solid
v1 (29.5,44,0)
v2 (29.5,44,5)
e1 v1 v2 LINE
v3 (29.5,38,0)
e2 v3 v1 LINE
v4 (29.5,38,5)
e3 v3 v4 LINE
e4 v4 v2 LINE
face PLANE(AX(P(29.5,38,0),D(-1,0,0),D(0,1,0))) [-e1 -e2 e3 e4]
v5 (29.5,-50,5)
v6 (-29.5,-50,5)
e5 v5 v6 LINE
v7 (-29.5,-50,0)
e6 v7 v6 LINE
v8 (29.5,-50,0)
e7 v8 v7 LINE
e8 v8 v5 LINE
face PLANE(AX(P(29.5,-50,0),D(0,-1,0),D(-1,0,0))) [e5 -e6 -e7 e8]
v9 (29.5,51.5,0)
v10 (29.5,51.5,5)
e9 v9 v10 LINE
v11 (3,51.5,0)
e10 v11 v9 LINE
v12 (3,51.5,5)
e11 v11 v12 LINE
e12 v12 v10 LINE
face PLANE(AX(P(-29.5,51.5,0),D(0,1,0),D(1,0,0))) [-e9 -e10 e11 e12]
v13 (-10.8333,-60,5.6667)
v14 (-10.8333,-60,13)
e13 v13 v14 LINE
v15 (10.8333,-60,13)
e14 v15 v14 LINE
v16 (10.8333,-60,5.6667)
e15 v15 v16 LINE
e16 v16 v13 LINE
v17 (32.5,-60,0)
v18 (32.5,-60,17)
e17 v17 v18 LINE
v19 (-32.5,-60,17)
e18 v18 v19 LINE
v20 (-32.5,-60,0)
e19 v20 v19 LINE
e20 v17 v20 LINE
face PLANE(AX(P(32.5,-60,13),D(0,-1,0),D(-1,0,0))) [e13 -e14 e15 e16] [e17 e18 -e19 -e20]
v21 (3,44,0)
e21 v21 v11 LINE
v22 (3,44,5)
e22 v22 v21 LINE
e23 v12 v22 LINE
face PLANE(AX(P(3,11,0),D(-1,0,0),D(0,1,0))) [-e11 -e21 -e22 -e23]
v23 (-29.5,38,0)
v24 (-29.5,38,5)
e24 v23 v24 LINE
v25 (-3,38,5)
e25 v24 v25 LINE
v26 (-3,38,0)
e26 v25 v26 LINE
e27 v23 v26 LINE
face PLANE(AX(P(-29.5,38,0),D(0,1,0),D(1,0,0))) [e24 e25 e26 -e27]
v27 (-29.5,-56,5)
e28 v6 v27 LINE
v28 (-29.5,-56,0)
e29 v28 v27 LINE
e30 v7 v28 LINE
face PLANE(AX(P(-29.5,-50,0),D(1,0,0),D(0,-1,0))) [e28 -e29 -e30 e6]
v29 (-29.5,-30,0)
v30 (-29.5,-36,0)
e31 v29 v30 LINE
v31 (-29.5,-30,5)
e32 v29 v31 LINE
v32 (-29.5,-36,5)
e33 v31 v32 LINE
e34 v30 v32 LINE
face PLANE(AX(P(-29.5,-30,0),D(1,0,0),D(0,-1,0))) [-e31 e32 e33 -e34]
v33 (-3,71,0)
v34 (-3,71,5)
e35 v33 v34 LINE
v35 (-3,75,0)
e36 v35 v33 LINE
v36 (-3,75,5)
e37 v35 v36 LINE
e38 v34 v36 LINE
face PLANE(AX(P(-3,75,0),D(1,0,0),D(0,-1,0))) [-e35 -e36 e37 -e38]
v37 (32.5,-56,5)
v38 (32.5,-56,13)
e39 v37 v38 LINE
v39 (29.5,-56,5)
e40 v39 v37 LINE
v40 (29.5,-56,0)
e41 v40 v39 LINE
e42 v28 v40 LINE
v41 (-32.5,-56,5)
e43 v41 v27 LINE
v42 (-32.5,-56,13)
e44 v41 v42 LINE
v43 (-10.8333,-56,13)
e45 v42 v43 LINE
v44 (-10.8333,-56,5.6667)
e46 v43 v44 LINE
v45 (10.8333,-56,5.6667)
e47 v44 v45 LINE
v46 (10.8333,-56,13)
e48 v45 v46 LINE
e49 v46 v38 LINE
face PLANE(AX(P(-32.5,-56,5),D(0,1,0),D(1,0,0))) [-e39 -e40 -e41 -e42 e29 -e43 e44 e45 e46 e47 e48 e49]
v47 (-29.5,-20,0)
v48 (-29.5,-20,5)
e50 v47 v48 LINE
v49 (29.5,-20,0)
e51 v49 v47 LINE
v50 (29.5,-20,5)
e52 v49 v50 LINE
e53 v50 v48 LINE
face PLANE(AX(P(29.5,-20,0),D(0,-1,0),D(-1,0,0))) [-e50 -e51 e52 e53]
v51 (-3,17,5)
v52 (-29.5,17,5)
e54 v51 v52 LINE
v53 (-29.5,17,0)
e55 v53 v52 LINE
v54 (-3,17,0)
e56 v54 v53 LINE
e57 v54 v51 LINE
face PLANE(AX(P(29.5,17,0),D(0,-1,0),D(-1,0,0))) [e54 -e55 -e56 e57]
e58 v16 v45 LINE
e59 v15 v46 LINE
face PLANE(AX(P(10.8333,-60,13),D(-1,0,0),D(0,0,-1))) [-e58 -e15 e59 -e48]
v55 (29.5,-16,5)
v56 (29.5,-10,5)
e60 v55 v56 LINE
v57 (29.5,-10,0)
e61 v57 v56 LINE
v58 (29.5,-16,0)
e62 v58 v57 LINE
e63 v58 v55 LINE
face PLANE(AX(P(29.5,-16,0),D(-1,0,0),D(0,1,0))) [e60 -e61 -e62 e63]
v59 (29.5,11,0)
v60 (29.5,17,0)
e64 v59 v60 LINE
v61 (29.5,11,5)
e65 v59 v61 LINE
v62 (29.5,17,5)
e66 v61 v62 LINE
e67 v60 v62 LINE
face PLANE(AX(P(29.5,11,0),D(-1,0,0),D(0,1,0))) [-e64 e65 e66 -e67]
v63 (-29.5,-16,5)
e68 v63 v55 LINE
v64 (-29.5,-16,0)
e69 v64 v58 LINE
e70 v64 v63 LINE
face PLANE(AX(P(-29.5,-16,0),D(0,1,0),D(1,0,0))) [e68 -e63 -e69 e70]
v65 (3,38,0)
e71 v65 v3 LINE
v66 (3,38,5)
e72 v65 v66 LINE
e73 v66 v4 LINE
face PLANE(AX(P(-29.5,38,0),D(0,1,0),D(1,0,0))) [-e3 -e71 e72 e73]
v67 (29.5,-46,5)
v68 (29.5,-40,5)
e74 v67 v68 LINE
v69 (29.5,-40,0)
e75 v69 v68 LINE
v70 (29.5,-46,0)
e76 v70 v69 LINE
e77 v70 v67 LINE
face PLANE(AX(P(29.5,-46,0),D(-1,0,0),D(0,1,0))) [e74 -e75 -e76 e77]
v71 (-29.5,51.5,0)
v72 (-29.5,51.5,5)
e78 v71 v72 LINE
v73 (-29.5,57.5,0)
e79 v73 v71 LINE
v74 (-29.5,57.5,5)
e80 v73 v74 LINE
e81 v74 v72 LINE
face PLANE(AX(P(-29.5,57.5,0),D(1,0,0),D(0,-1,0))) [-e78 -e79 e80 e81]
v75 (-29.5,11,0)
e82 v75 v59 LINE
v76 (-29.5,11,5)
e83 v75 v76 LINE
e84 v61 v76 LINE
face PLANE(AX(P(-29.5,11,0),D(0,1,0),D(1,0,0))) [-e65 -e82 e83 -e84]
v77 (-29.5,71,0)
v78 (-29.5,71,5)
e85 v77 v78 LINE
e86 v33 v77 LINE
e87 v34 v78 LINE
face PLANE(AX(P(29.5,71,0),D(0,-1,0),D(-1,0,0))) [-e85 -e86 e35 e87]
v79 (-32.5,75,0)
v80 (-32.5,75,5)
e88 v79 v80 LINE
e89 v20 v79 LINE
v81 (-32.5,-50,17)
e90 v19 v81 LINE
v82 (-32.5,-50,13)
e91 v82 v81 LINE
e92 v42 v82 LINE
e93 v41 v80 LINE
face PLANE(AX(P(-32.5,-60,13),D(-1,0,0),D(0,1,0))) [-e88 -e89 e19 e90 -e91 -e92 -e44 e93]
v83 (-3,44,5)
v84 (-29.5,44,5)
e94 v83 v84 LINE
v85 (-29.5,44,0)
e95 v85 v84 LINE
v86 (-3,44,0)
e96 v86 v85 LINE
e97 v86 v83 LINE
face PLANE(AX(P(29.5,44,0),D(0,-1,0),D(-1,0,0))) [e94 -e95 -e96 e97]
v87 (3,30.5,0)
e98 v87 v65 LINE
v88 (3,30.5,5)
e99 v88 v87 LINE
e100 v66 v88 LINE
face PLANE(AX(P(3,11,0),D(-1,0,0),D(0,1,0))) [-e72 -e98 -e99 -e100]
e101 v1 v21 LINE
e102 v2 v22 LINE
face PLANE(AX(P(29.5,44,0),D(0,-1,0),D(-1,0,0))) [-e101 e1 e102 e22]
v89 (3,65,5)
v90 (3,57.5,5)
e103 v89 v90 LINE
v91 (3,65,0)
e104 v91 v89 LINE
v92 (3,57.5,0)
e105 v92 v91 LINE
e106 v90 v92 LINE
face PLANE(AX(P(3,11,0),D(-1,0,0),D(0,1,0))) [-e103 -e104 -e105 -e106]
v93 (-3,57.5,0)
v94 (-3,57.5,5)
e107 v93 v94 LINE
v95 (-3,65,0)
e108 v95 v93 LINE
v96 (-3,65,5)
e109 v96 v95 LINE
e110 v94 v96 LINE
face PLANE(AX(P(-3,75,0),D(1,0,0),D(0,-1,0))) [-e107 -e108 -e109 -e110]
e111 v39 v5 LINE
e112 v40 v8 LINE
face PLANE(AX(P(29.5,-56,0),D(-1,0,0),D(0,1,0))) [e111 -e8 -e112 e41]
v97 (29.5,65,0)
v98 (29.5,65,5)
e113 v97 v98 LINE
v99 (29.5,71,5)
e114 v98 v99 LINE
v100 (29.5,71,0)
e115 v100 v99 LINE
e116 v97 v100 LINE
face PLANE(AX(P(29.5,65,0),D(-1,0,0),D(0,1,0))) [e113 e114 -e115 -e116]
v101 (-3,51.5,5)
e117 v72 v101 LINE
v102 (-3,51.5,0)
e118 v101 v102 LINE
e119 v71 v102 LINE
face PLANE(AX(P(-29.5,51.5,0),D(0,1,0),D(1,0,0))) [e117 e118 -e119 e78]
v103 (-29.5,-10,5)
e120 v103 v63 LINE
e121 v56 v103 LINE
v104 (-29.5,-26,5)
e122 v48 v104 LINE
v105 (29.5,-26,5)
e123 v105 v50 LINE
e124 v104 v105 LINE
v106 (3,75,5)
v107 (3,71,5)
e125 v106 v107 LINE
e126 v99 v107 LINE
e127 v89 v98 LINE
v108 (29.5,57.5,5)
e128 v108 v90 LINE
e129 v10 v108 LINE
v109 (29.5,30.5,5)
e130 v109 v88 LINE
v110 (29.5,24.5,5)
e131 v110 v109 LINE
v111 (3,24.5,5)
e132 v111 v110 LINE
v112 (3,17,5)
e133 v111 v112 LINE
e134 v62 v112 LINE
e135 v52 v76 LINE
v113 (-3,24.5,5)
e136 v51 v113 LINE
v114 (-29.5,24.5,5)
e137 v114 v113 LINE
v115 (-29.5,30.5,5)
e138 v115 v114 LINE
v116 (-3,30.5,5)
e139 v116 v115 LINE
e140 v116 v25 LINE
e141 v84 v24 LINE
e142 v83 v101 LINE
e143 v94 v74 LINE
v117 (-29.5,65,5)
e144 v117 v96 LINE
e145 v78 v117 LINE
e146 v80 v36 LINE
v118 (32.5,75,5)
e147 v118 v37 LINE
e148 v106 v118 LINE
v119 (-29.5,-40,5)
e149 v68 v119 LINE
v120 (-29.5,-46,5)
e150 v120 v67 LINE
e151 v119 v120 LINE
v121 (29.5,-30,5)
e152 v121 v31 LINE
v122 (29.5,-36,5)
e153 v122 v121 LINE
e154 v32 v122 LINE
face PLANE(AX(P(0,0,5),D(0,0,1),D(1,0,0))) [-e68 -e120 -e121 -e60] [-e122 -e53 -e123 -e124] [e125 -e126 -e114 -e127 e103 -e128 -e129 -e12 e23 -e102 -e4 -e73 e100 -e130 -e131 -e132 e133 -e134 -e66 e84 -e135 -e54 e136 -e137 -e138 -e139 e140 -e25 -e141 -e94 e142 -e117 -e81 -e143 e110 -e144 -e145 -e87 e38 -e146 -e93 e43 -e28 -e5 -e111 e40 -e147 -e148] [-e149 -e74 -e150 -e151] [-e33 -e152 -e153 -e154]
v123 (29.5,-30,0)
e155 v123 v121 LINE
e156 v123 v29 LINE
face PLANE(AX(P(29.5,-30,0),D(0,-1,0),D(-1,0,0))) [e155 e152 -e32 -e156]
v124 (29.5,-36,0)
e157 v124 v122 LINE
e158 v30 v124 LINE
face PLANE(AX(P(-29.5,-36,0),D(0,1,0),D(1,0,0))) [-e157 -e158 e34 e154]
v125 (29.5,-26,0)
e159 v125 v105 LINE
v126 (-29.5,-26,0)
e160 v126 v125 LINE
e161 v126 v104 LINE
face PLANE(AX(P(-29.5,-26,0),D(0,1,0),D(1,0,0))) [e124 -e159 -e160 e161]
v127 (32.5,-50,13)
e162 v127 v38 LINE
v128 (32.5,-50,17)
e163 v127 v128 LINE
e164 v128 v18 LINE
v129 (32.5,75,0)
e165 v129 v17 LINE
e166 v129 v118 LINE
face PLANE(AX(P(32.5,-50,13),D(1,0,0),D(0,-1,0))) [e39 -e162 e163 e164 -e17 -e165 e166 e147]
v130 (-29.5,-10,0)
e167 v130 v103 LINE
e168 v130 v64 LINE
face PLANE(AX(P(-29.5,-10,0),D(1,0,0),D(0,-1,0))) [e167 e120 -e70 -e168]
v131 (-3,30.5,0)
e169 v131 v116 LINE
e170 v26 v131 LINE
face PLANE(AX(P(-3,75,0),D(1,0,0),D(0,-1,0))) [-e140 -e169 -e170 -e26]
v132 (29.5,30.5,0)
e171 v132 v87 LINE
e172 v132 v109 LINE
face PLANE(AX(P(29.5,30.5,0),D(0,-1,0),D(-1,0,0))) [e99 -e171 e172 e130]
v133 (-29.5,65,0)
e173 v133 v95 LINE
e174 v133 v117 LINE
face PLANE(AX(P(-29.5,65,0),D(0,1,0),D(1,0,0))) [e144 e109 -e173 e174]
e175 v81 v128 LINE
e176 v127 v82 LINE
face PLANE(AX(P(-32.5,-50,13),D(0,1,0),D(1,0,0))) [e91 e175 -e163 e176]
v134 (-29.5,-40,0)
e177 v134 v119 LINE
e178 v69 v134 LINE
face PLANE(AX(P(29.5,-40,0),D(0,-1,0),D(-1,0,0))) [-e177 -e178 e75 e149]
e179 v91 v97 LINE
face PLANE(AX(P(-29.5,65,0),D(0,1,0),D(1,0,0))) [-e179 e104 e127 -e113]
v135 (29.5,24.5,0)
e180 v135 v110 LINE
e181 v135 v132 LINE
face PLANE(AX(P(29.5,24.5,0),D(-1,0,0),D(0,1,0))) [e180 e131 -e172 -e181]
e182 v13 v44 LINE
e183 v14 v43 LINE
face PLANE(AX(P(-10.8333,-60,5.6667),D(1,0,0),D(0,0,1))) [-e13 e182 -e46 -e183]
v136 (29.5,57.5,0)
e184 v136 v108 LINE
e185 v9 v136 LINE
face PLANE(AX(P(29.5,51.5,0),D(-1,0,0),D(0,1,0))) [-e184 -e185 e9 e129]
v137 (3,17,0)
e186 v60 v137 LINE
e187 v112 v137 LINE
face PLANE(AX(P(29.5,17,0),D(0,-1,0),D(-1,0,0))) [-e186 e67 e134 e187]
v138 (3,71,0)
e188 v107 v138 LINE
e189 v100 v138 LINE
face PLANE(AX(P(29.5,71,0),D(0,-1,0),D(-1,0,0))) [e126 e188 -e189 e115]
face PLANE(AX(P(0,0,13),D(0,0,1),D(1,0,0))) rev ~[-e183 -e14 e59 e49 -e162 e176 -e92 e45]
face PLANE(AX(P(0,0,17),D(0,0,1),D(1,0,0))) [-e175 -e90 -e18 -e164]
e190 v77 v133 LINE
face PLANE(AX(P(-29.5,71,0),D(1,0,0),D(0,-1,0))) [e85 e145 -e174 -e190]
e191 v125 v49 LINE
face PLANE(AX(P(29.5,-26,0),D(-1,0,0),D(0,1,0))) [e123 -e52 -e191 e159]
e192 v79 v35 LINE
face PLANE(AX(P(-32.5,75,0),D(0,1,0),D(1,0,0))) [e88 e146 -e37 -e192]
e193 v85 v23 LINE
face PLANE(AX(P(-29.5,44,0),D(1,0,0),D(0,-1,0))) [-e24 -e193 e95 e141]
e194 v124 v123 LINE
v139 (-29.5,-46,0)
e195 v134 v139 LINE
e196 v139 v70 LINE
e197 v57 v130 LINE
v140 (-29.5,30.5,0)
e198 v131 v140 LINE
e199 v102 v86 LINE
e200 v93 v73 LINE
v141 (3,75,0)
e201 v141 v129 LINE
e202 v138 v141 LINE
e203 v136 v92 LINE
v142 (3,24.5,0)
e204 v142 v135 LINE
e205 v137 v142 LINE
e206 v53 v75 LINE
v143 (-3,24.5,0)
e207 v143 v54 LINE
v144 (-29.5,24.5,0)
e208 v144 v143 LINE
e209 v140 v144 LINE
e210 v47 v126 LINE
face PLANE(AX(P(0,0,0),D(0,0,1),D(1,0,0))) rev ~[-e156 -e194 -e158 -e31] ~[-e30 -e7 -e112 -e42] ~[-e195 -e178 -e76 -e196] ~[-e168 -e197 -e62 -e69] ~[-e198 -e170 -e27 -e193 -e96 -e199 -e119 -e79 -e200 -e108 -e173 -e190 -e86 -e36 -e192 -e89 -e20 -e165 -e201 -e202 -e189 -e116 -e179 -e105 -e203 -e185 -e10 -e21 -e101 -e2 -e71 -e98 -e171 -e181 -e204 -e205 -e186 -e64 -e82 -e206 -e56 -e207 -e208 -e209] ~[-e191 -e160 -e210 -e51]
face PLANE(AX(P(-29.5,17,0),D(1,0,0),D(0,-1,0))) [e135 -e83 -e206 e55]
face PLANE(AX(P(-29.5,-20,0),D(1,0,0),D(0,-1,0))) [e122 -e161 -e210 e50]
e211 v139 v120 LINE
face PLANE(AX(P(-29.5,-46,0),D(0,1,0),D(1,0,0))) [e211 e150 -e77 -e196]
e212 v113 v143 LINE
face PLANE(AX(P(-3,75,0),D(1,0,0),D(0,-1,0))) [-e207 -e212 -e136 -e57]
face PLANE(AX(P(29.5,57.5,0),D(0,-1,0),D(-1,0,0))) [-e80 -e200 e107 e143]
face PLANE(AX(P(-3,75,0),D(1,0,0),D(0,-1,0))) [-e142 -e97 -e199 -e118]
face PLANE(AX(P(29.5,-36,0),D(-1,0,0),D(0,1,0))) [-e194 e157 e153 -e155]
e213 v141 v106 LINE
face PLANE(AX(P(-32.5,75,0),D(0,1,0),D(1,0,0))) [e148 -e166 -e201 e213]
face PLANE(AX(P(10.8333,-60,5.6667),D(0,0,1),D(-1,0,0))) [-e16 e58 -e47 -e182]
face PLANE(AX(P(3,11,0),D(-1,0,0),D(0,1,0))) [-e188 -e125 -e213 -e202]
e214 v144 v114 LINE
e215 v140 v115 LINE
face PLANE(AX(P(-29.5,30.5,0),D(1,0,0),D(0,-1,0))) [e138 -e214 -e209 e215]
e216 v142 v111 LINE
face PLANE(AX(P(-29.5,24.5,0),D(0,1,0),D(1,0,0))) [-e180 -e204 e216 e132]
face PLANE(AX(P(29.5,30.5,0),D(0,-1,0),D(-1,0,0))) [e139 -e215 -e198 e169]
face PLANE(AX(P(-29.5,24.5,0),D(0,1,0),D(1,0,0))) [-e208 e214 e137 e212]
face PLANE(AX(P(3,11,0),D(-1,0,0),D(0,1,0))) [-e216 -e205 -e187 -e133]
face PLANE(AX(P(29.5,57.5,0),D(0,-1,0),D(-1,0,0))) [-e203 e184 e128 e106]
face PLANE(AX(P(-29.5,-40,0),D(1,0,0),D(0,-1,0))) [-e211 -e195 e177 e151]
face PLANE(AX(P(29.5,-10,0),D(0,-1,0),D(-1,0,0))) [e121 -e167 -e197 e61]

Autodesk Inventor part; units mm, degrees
ref_plane "YZ Plane" through (0, 0, 0) normal (1, 0, 0) x (0, 1, 0)
ref_plane "XZ Plane" through (0, 0, 0) normal (0, 1, 0) x (-1, 0, 0)
ref_plane "XY Plane" through (0, 0, 0) normal (0, 0, 1) x (1, 0, 0)
sketch "Sketch1" plane through (0, 0, 0) normal (0, 0, 1) x (1, 0, 0)
  line L0 (-32.5, 75) -> (32.5, 75)
  line L1 (32.5, 75) -> (32.5, -60)
  line L2 (32.5, -60) -> (-32.5, -60)
  line L3 (-32.5, -60) -> (-32.5, 75)
  point P0 (0, 0)
  dimension "d0" = 65
  dimension "d1" = 135
  dimension "d2" = 32.5
  dimension "d3" = 60
extrude "Extrusion1" add sketch "Sketch1" along normal blind 5
sketch "Sketch2" plane through (0, 0, 5) normal (0, 0, 1) x (1, 0, 0)
  line L0 (-32.5, 75) -> (-32.5, -60) projected
  line L1 (-32.5, -60) -> (32.5, -60) projected
  line L2 (-32.5, -56) -> (32.5, -56)
  line L3 (32.5, -56) -> (32.5, -60)
  line L4 (32.5, -60) -> (-32.5, -60)
  line L5 (-32.5, -60) -> (-32.5, -56)
  point P0 (0, 0)
  dimension "d6" = 4
extrude "Extrusion2" add sketch "Sketch2" along normal blind 8
sketch "Sketch3" plane through (0, 0, 13) normal (0, 0, 1) x (1, 0, 0)
  line L0 (-32.5, -60) -> (-32.5, 75) projected
  line L1 (32.5, 75) -> (32.5, -60) projected
  line L2 (-32.5, -50) -> (32.5, -50)
  line L3 (32.5, -50) -> (32.5, -60)
  line L4 (32.5, -60) -> (-32.5, -60)
  line L5 (-32.5, -60) -> (-32.5, -50)
  point P0 (0, 0)
  dimension "d9" = 10
extrude "Extrusion3" add sketch "Sketch3" along normal blind 4
sketch "Sketch4" plane through (0, 0, 5) normal (0, 0, 1) x (1, 0, 0)
  line L0 (-32.5, -60) -> (-32.5, 75) projected
  line L1 (32.5, 75) -> (32.5, -60) projected
  line L2 (32.5, 75) -> (32.5, 71)
  line L3 (-32.5, 71) -> (-32.5, 75)
  point P0 (0, 0)
sketch "Sketch6" plane through (-32.5, -60, 0) normal (0, -1, 0) x (1, 0, 0)
  line L0 (65, 13) -> (0, 13) projected
  line L1 (21.6667, 13) -> (43.3333, 13)
  line L2 (43.3333, 13) -> (43.3333, 5.6667)
  line L3 (43.3333, 5.6667) -> (21.6667, 5.6667)
  line L4 (21.6667, 5.6667) -> (21.6667, 13)
  line L5 (65, 0) -> (65, 17) projected
  line L6 (0, 0) -> (0, 17) projected
  line L7 (65, 0) -> (0, 0) projected
  line L8 (0, 17) -> (65, 17) projected
  point P0 (32.5, 0)
  dimension "d18" = 21.6667
  dimension "d19" = 21.6667
  dimension "d20" = 5.6667
  dimension "d21" = 4
extrude "Extrusion6" cut sketch "Sketch6" against normal blind 206 contours L2 L3 L4 L0
sketch "Sketch7" plane through (0, 0, 0) normal (0, 0, -1) x (-1, 0, 0)
  line L0 (32.5, -56) -> (-32.5, -56) projected
  line L1 (29.5, -56) -> (-29.5, -56)
  line L2 (-29.5, -56) -> (-29.5, -50)
  line L3 (-32.5, -50) -> (32.5, -50) projected
  line L4 (-29.5, -50) -> (29.5, -50)
  line L5 (29.5, -50) -> (29.5, -56)
  line L6 (32.5, -60) -> (32.5, 75) projected
  line L7 (-32.5, 75) -> (-32.5, -60) projected
  line L8 (29.5, -46) -> (-29.5, -46)
  line L9 (-29.5, -46) -> (-29.5, -40)
  line L10 (-29.5, -40) -> (29.5, -40)
  line L11 (29.5, -40) -> (29.5, -46)
  line L12 (29.5, -36) -> (-29.5, -36)
  line L13 (-29.5, -36) -> (-29.5, -30)
  line L14 (-29.5, -30) -> (29.5, -30)
  line L15 (29.5, -30) -> (29.5, -36)
  line L16 (29.5, -26) -> (-29.5, -26)
  line L17 (-29.5, -26) -> (-29.5, -20)
  line L18 (-29.5, -20) -> (29.5, -20)
  line L19 (29.5, -20) -> (29.5, -26)
  line L20 (29.5, -16) -> (-29.5, -16)
  line L21 (-29.5, -16) -> (-29.5, -10)
  line L22 (-29.5, -10) -> (29.5, -10)
  line L23 (29.5, -10) -> (29.5, -16)
  line L24 (32.5, 65) -> (-32.5, 65) projected
  line L25 (-32.5, 71) -> (32.5, 71) projected
  line L26 (29.5, 65) -> (-29.5, 65)
  line L27 (-29.5, 65) -> (-29.5, 71)
  line L28 (-29.5, 71) -> (29.5, 71)
  line L29 (29.5, 71) -> (29.5, 65)
  line L30 (29.5, 51.5) -> (-29.5, 51.5)
  line L31 (29.5, 57.5) -> (29.5, 51.5)
  line L32 (-29.5, 57.5) -> (29.5, 57.5)
  line L33 (-29.5, 51.5) -> (-29.5, 57.5)
  line L34 (29.5, 38) -> (-29.5, 38)
  line L35 (29.5, 44) -> (29.5, 38)
  line L36 (-29.5, 44) -> (29.5, 44)
  line L37 (-29.5, 38) -> (-29.5, 44)
  line L38 (29.5, 24.5) -> (-29.5, 24.5)
  line L39 (29.5, 30.5) -> (29.5, 24.5)
  line L40 (-29.5, 30.5) -> (29.5, 30.5)
  line L41 (-29.5, 24.5) -> (-29.5, 30.5)
  line L42 (29.5, 11) -> (-29.5, 11)
  line L43 (29.5, 17) -> (29.5, 11)
  line L44 (-29.5, 17) -> (29.5, 17)
  line L45 (-29.5, 11) -> (-29.5, 17)
  point P0 (0, 0)
  dimension "d24" = 3
  dimension "d25" = 3
  dimension "d30" = 10
  dimension "d35" = 3
  dimension "d36" = 3
  dimension "d39" = 13.5
extrude "Extrusion7" cut sketch "Sketch7" against normal up to surface (5 mm away) contours L0 L2 L3 L5
extrude "Extrusion8" cut sketch "Sketch7" against normal up to surface (5 mm away) contours L24 L27 L25 L29 | L8 L9 L10 L11 | L12 L13 L14 L15 | L16 L17 L18 L19 | L20 L21 L22 L23 | L30 L33 L32 L31 | L34 L37 L36 L35 | L38 L41 L40 L39 | L42 L45 L44 L43
sketch "Sketch8" plane through (0, 0, 0) normal (0, 0, -1) x (-1, 0, 0)
  line L0 (32.5, 75) -> (-32.5, 75) projected
  line L1 (-29.5, 11) -> (29.5, 11) projected
  line L2 (-3, 75) -> (3, 75)
  line L3 (3, 75) -> (3, 11)
  line L4 (3, 11) -> (-3, 11)
  line L5 (-3, 11) -> (-3, 75)
  line L6 (32.5, -60) -> (32.5, 75) projected
  line L7 (-32.5, 75) -> (-32.5, -60) projected
  point P0 (0, 0)
  dimension "d46" = 29.5
  dimension "d47" = 29.5
extrude "Extrusion9" cut sketch "Sketch8" against normal blind 206
properties part number "Kirtiman phone charger design"
